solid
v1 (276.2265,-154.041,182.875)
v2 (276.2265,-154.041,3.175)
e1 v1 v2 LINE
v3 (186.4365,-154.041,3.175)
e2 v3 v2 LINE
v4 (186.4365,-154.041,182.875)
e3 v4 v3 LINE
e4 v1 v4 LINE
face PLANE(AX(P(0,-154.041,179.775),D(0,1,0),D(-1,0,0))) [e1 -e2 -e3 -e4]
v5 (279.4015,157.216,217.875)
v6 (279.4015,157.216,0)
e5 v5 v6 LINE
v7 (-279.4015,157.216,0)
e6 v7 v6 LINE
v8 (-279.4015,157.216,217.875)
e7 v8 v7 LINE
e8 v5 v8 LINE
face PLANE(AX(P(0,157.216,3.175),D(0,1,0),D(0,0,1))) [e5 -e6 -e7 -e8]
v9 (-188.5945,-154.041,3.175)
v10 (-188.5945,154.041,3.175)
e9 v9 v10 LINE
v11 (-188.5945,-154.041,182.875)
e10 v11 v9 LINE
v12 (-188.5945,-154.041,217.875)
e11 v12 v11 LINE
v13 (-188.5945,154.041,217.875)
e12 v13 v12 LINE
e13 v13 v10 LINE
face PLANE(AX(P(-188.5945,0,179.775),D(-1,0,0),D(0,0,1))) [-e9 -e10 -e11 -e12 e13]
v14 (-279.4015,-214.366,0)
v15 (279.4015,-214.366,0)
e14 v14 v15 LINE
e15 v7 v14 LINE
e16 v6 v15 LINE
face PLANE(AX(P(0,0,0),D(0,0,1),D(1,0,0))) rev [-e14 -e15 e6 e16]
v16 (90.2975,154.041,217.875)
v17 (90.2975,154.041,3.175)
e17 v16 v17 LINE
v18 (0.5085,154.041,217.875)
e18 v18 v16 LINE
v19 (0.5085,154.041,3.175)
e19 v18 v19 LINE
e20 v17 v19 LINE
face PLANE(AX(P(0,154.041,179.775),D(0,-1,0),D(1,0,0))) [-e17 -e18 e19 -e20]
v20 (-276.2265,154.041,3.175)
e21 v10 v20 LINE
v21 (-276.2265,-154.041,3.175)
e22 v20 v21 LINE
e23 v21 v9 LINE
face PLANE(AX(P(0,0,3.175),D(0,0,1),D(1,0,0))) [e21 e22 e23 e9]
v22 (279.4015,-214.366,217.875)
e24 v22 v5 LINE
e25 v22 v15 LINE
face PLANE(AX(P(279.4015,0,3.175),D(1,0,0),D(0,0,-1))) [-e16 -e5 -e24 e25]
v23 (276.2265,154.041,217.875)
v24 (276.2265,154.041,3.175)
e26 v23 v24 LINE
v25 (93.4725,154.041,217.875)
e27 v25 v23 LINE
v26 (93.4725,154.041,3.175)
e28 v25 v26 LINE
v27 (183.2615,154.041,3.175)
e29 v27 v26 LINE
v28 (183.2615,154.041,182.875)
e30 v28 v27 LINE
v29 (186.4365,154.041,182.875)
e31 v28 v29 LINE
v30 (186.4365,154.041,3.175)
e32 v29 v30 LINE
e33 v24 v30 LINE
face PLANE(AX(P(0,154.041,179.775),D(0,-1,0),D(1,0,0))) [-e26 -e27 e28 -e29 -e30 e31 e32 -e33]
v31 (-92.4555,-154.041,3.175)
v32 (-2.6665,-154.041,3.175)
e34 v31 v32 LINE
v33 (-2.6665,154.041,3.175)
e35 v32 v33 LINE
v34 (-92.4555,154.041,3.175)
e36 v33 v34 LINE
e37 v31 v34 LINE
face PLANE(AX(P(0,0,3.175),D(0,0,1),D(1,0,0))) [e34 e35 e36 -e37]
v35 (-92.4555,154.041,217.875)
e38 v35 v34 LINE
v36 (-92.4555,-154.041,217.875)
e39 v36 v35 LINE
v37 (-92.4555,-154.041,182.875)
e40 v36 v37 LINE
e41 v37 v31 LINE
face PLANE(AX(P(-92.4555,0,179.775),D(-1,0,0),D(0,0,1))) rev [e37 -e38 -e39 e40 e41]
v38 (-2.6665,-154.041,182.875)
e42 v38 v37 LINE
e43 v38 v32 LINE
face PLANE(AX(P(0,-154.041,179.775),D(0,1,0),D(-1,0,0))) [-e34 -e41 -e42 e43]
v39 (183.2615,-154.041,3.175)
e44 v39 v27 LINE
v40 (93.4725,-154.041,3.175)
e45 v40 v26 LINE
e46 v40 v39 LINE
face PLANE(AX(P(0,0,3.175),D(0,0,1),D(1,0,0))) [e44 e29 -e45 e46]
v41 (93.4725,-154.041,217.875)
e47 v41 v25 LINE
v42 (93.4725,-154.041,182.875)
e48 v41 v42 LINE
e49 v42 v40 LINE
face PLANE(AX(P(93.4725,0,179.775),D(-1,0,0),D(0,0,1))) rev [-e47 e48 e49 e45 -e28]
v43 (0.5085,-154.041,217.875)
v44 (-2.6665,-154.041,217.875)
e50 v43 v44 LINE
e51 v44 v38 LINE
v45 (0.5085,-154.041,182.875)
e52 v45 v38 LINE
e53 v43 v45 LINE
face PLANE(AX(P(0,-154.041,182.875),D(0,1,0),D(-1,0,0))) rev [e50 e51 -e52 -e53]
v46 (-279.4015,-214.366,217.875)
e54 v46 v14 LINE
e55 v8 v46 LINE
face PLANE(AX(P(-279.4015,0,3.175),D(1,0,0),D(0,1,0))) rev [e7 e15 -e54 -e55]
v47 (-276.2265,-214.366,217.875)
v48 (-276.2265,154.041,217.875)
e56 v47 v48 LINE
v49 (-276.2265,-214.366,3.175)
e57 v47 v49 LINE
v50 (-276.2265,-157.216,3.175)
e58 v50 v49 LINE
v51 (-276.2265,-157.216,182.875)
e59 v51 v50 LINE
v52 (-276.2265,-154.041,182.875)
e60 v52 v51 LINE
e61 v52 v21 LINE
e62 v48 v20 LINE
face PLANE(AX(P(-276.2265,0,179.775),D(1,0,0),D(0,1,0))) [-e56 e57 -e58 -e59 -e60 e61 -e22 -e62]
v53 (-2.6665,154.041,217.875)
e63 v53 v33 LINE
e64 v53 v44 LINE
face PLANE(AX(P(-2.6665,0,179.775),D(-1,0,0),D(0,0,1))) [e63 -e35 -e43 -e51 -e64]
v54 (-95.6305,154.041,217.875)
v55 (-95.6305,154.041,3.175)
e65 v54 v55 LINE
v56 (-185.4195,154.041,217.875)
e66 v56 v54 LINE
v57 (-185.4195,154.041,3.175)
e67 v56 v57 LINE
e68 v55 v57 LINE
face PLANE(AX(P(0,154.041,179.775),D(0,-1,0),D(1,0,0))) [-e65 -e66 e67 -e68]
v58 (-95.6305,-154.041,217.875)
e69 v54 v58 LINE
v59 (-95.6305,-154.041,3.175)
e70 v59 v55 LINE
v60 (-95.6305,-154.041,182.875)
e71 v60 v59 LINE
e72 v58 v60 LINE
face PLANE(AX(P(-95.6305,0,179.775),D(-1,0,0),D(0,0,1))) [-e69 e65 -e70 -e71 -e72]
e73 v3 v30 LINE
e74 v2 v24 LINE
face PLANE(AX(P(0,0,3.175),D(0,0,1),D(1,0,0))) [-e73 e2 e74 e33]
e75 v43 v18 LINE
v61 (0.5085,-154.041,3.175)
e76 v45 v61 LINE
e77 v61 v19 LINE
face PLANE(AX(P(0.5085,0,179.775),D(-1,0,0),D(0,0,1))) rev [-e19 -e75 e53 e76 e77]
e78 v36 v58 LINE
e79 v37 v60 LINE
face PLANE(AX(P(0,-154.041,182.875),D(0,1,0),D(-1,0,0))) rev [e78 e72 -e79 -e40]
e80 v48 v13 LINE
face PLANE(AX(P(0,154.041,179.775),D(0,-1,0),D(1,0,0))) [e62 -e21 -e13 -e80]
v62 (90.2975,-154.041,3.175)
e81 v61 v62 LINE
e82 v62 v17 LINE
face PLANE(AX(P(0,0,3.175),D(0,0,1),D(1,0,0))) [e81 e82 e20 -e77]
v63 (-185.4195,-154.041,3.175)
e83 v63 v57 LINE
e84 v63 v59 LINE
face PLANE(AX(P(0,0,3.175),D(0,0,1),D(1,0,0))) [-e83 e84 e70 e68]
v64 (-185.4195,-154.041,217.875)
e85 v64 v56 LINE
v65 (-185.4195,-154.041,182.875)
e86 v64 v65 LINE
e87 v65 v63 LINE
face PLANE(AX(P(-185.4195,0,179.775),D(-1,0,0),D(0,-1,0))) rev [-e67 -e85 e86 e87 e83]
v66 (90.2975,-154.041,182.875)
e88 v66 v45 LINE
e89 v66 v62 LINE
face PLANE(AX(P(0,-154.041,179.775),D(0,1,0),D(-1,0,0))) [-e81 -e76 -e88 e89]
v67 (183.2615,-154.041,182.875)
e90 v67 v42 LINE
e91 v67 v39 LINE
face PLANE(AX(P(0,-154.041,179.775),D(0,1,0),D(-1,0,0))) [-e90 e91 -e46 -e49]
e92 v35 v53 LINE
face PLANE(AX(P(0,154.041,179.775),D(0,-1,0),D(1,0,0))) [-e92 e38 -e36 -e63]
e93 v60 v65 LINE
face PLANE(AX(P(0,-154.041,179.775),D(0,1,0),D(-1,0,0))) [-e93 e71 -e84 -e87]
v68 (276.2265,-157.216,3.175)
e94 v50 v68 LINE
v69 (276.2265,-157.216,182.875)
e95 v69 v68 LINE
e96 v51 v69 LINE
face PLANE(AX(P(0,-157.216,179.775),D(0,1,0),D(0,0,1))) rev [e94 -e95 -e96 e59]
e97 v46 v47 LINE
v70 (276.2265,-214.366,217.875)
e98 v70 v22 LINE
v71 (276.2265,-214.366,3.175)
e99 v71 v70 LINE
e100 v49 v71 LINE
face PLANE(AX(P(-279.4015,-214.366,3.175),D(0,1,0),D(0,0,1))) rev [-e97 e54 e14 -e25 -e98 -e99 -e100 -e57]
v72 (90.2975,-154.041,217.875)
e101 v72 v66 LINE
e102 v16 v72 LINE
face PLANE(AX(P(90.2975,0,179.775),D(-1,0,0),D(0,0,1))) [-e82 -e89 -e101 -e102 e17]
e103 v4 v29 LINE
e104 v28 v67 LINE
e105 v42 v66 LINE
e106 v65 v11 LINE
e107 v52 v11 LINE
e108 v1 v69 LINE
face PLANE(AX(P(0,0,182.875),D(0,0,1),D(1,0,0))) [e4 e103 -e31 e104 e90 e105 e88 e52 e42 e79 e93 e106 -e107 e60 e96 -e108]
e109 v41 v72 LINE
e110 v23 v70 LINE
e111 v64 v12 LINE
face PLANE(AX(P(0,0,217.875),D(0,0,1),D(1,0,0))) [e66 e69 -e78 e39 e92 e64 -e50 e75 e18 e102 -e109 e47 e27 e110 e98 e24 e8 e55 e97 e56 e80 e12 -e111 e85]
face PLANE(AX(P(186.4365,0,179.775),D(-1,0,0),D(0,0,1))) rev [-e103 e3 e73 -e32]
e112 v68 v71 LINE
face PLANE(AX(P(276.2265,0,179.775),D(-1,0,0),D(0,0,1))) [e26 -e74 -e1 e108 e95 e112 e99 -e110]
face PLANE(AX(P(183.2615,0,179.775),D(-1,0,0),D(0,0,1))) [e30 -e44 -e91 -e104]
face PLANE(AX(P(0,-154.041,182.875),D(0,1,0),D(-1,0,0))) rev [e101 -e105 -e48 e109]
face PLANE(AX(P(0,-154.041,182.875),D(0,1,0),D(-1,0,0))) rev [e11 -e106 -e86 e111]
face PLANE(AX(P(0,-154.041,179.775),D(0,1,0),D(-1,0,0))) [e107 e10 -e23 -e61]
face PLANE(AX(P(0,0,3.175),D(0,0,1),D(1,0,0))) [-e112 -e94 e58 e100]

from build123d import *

# Parameters (mm, degrees)
SKETCH1_W           = 558.803
SKETCH1_H           = 314.432
SKETCH1_W_2         = 552.453
SKETCH1_H_2         = 308.082
SKETCH1_W_3         = 3.175
SKETCH1_W_4         = 89.789
SKETCH1_W_5         = 87.632
SKETCH1_W_6         = 89.79
SKETCH1_H_3         = 57.15
BOSS_EXTRUDE1_DEPTH = 3.175
SKETCH2_W           = 558.803
SKETCH2_H           = 371.582
SKETCH2_W_2         = 89.79
SKETCH2_H_2         = 308.082
SKETCH2_W_3         = 89.789
SKETCH2_W_4         = 552.453
SKETCH2_H_3         = 53.975
SKETCH2_W_5         = 87.632
BOSS_EXTRUDE2_DEPTH = 176.6
SKETCH4_W           = 552.453
SKETCH4_H           = 176.6
CUT_EXTRUDE1_DEPTH  = 3.175
SKETCH5_W           = 87.632
SKETCH5_H           = 308.082
SKETCH5_W_2         = 89.789
SKETCH5_W_3         = 89.79
BOSS_EXTRUDE5_DEPTH = 38.1
SKETCH7_W           = 3.175
SKETCH7_H           = 308.082
CUT_EXTRUDE2_DEPTH  = 35


with BuildPart() as part:
    # Sketch1 → Boss-Extrude1 (new body)
    # profile 1 of 13: a face of its own
    with BuildSketch(Plane.XY):
        Rectangle(SKETCH1_W, SKETCH1_H)
        Rectangle(SKETCH1_W_2, SKETCH1_H_2, mode=Mode.SUBTRACT)
    # profile 2 of 13: a face of its own
    with BuildSketch(Plane.XY):
        with Locations((-187.007, 0)):
            Rectangle(SKETCH1_W_3, SKETCH1_H_2)
    # profile 3 of 13: a face of its own
    with BuildSketch(Plane.XY):
        with Locations((-140.525, 0)):
            Rectangle(SKETCH1_W_4, SKETCH1_H_2)
    # profile 4 of 13: a face of its own
    with BuildSketch(Plane.XY):
        with Locations((-232.4105, 0)):
            Rectangle(SKETCH1_W_5, SKETCH1_H_2)
    # profile 5 of 13: a face of its own
    with BuildSketch(Plane.XY):
        with Locations((-47.561, 0)):
            Rectangle(SKETCH1_W_4, SKETCH1_H_2)
    # profile 6 of 13: a face of its own
    with BuildSketch(Plane.XY):
        with Locations((-94.043, 0)):
            Rectangle(SKETCH1_W_3, SKETCH1_H_2)
    # profile 7 of 13: a face of its own
    with BuildSketch(Plane.XY):
        with Locations((45.403, 0)):
            Rectangle(SKETCH1_W_4, SKETCH1_H_2)
    # profile 8 of 13: a face of its own
    with BuildSketch(Plane.XY):
        with Locations((-1.079, 0)):
            Rectangle(SKETCH1_W_3, SKETCH1_H_2)
    # profile 9 of 13: a face of its own
    with BuildSketch(Plane.XY):
        with Locations((138.367, 0)):
            Rectangle(SKETCH1_W_4, SKETCH1_H_2)
    # profile 10 of 13: a face of its own
    with BuildSketch(Plane.XY):
        with Locations((91.885, 0)):
            Rectangle(SKETCH1_W_3, SKETCH1_H_2)
    # profile 11 of 13: a face of its own
    with BuildSketch(Plane.XY):
        with Locations((231.3315, 0)):
            Rectangle(SKETCH1_W_6, SKETCH1_H_2)
    # profile 12 of 13: a face of its own
    with BuildSketch(Plane.XY):
        with Locations((184.849, 0)):
            Rectangle(SKETCH1_W_3, SKETCH1_H_2)
    # profile 13 of 13: a face of its own
    with BuildSketch(Plane.XY):
        with Locations((0, -185.791)):
            Rectangle(SKETCH1_W, SKETCH1_H_3)
    extrude(amount=BOSS_EXTRUDE1_DEPTH)

    # Sketch2 → Boss-Extrude2 (add)
    with BuildSketch(Plane.XY.offset(3.175)):
        with Locations((0, -28.575)):
            Rectangle(SKETCH2_W, SKETCH2_H)
        with Locations((231.3315, 0)):
            Rectangle(SKETCH2_W_2, SKETCH2_H_2, mode=Mode.SUBTRACT)
        with Locations((138.367, 0)):
            Rectangle(SKETCH2_W_3, SKETCH2_H_2, mode=Mode.SUBTRACT)
        with Locations((0, -184.2035)):
            Rectangle(SKETCH2_W_4, SKETCH2_H_3, mode=Mode.SUBTRACT)
        with Locations((45.403, 0)):
            Rectangle(SKETCH2_W_3, SKETCH2_H_2, mode=Mode.SUBTRACT)
        with Locations((-47.561, 0)):
            Rectangle(SKETCH2_W_3, SKETCH2_H_2, mode=Mode.SUBTRACT)
        with Locations((-140.525, 0)):
            Rectangle(SKETCH2_W_3, SKETCH2_H_2, mode=Mode.SUBTRACT)
        with Locations((-232.4105, 0)):
            Rectangle(SKETCH2_W_5, SKETCH2_H_2, mode=Mode.SUBTRACT)
    extrude(amount=BOSS_EXTRUDE2_DEPTH)

    # Sketch4 → Cut-Extrude1 (cut)
    with BuildSketch(Plane.XZ.offset(214.366)):
        with Locations((0, 91.475)):
            Rectangle(SKETCH4_W, SKETCH4_H)
    extrude(amount=-CUT_EXTRUDE1_DEPTH, mode=Mode.SUBTRACT)

    # Sketch5 → Boss-Extrude5 (add)
    with BuildSketch(Plane.XY.offset(179.775)):
        Polygon((-279.4015, 157.216), (-279.4015, -214.366), (-276.2265, -214.366), (-276.2265, -157.216), (276.2265, -157.216), (276.2265, -214.366), (279.4015, -214.366), (279.4015, 157.216), align=None)
        with Locations((-232.4105, 0)):
            Rectangle(SKETCH5_W, SKETCH5_H, mode=Mode.SUBTRACT)
        with Locations((-140.525, 0)):
            Rectangle(SKETCH5_W_2, SKETCH5_H, mode=Mode.SUBTRACT)
        with Locations((-47.561, 0)):
            Rectangle(SKETCH5_W_2, SKETCH5_H, mode=Mode.SUBTRACT)
        with Locations((45.403, 0)):
            Rectangle(SKETCH5_W_2, SKETCH5_H, mode=Mode.SUBTRACT)
        with Locations((138.367, 0)):
            Rectangle(SKETCH5_W_2, SKETCH5_H, mode=Mode.SUBTRACT)
        with Locations((231.3315, 0)):
            Rectangle(SKETCH5_W_3, SKETCH5_H, mode=Mode.SUBTRACT)
    extrude(amount=BOSS_EXTRUDE5_DEPTH)

    # Sketch7 → Cut-Extrude2 (cut)
    with BuildSketch(Plane.XY.offset(217.875)):
        Polygon((-185.4195, -154.041), (-188.5945, -154.041), (-276.2265, -154.041), (-276.2265, -157.216), (276.2265, -157.216), (276.2265, -154.041), (186.4365, -154.041), (183.2615, -154.041), (93.4725, -154.041), (90.2975, -154.041), (0.5085, -154.041), (-2.6665, -154.041), (-92.4555, -154.041), (-95.6305, -154.041), align=None)
        with Locations((184.849, 0)):
            Rectangle(SKETCH7_W, SKETCH7_H)
    extrude(amount=-CUT_EXTRUDE2_DEPTH, mode=Mode.SUBTRACT)


solid = part.part
